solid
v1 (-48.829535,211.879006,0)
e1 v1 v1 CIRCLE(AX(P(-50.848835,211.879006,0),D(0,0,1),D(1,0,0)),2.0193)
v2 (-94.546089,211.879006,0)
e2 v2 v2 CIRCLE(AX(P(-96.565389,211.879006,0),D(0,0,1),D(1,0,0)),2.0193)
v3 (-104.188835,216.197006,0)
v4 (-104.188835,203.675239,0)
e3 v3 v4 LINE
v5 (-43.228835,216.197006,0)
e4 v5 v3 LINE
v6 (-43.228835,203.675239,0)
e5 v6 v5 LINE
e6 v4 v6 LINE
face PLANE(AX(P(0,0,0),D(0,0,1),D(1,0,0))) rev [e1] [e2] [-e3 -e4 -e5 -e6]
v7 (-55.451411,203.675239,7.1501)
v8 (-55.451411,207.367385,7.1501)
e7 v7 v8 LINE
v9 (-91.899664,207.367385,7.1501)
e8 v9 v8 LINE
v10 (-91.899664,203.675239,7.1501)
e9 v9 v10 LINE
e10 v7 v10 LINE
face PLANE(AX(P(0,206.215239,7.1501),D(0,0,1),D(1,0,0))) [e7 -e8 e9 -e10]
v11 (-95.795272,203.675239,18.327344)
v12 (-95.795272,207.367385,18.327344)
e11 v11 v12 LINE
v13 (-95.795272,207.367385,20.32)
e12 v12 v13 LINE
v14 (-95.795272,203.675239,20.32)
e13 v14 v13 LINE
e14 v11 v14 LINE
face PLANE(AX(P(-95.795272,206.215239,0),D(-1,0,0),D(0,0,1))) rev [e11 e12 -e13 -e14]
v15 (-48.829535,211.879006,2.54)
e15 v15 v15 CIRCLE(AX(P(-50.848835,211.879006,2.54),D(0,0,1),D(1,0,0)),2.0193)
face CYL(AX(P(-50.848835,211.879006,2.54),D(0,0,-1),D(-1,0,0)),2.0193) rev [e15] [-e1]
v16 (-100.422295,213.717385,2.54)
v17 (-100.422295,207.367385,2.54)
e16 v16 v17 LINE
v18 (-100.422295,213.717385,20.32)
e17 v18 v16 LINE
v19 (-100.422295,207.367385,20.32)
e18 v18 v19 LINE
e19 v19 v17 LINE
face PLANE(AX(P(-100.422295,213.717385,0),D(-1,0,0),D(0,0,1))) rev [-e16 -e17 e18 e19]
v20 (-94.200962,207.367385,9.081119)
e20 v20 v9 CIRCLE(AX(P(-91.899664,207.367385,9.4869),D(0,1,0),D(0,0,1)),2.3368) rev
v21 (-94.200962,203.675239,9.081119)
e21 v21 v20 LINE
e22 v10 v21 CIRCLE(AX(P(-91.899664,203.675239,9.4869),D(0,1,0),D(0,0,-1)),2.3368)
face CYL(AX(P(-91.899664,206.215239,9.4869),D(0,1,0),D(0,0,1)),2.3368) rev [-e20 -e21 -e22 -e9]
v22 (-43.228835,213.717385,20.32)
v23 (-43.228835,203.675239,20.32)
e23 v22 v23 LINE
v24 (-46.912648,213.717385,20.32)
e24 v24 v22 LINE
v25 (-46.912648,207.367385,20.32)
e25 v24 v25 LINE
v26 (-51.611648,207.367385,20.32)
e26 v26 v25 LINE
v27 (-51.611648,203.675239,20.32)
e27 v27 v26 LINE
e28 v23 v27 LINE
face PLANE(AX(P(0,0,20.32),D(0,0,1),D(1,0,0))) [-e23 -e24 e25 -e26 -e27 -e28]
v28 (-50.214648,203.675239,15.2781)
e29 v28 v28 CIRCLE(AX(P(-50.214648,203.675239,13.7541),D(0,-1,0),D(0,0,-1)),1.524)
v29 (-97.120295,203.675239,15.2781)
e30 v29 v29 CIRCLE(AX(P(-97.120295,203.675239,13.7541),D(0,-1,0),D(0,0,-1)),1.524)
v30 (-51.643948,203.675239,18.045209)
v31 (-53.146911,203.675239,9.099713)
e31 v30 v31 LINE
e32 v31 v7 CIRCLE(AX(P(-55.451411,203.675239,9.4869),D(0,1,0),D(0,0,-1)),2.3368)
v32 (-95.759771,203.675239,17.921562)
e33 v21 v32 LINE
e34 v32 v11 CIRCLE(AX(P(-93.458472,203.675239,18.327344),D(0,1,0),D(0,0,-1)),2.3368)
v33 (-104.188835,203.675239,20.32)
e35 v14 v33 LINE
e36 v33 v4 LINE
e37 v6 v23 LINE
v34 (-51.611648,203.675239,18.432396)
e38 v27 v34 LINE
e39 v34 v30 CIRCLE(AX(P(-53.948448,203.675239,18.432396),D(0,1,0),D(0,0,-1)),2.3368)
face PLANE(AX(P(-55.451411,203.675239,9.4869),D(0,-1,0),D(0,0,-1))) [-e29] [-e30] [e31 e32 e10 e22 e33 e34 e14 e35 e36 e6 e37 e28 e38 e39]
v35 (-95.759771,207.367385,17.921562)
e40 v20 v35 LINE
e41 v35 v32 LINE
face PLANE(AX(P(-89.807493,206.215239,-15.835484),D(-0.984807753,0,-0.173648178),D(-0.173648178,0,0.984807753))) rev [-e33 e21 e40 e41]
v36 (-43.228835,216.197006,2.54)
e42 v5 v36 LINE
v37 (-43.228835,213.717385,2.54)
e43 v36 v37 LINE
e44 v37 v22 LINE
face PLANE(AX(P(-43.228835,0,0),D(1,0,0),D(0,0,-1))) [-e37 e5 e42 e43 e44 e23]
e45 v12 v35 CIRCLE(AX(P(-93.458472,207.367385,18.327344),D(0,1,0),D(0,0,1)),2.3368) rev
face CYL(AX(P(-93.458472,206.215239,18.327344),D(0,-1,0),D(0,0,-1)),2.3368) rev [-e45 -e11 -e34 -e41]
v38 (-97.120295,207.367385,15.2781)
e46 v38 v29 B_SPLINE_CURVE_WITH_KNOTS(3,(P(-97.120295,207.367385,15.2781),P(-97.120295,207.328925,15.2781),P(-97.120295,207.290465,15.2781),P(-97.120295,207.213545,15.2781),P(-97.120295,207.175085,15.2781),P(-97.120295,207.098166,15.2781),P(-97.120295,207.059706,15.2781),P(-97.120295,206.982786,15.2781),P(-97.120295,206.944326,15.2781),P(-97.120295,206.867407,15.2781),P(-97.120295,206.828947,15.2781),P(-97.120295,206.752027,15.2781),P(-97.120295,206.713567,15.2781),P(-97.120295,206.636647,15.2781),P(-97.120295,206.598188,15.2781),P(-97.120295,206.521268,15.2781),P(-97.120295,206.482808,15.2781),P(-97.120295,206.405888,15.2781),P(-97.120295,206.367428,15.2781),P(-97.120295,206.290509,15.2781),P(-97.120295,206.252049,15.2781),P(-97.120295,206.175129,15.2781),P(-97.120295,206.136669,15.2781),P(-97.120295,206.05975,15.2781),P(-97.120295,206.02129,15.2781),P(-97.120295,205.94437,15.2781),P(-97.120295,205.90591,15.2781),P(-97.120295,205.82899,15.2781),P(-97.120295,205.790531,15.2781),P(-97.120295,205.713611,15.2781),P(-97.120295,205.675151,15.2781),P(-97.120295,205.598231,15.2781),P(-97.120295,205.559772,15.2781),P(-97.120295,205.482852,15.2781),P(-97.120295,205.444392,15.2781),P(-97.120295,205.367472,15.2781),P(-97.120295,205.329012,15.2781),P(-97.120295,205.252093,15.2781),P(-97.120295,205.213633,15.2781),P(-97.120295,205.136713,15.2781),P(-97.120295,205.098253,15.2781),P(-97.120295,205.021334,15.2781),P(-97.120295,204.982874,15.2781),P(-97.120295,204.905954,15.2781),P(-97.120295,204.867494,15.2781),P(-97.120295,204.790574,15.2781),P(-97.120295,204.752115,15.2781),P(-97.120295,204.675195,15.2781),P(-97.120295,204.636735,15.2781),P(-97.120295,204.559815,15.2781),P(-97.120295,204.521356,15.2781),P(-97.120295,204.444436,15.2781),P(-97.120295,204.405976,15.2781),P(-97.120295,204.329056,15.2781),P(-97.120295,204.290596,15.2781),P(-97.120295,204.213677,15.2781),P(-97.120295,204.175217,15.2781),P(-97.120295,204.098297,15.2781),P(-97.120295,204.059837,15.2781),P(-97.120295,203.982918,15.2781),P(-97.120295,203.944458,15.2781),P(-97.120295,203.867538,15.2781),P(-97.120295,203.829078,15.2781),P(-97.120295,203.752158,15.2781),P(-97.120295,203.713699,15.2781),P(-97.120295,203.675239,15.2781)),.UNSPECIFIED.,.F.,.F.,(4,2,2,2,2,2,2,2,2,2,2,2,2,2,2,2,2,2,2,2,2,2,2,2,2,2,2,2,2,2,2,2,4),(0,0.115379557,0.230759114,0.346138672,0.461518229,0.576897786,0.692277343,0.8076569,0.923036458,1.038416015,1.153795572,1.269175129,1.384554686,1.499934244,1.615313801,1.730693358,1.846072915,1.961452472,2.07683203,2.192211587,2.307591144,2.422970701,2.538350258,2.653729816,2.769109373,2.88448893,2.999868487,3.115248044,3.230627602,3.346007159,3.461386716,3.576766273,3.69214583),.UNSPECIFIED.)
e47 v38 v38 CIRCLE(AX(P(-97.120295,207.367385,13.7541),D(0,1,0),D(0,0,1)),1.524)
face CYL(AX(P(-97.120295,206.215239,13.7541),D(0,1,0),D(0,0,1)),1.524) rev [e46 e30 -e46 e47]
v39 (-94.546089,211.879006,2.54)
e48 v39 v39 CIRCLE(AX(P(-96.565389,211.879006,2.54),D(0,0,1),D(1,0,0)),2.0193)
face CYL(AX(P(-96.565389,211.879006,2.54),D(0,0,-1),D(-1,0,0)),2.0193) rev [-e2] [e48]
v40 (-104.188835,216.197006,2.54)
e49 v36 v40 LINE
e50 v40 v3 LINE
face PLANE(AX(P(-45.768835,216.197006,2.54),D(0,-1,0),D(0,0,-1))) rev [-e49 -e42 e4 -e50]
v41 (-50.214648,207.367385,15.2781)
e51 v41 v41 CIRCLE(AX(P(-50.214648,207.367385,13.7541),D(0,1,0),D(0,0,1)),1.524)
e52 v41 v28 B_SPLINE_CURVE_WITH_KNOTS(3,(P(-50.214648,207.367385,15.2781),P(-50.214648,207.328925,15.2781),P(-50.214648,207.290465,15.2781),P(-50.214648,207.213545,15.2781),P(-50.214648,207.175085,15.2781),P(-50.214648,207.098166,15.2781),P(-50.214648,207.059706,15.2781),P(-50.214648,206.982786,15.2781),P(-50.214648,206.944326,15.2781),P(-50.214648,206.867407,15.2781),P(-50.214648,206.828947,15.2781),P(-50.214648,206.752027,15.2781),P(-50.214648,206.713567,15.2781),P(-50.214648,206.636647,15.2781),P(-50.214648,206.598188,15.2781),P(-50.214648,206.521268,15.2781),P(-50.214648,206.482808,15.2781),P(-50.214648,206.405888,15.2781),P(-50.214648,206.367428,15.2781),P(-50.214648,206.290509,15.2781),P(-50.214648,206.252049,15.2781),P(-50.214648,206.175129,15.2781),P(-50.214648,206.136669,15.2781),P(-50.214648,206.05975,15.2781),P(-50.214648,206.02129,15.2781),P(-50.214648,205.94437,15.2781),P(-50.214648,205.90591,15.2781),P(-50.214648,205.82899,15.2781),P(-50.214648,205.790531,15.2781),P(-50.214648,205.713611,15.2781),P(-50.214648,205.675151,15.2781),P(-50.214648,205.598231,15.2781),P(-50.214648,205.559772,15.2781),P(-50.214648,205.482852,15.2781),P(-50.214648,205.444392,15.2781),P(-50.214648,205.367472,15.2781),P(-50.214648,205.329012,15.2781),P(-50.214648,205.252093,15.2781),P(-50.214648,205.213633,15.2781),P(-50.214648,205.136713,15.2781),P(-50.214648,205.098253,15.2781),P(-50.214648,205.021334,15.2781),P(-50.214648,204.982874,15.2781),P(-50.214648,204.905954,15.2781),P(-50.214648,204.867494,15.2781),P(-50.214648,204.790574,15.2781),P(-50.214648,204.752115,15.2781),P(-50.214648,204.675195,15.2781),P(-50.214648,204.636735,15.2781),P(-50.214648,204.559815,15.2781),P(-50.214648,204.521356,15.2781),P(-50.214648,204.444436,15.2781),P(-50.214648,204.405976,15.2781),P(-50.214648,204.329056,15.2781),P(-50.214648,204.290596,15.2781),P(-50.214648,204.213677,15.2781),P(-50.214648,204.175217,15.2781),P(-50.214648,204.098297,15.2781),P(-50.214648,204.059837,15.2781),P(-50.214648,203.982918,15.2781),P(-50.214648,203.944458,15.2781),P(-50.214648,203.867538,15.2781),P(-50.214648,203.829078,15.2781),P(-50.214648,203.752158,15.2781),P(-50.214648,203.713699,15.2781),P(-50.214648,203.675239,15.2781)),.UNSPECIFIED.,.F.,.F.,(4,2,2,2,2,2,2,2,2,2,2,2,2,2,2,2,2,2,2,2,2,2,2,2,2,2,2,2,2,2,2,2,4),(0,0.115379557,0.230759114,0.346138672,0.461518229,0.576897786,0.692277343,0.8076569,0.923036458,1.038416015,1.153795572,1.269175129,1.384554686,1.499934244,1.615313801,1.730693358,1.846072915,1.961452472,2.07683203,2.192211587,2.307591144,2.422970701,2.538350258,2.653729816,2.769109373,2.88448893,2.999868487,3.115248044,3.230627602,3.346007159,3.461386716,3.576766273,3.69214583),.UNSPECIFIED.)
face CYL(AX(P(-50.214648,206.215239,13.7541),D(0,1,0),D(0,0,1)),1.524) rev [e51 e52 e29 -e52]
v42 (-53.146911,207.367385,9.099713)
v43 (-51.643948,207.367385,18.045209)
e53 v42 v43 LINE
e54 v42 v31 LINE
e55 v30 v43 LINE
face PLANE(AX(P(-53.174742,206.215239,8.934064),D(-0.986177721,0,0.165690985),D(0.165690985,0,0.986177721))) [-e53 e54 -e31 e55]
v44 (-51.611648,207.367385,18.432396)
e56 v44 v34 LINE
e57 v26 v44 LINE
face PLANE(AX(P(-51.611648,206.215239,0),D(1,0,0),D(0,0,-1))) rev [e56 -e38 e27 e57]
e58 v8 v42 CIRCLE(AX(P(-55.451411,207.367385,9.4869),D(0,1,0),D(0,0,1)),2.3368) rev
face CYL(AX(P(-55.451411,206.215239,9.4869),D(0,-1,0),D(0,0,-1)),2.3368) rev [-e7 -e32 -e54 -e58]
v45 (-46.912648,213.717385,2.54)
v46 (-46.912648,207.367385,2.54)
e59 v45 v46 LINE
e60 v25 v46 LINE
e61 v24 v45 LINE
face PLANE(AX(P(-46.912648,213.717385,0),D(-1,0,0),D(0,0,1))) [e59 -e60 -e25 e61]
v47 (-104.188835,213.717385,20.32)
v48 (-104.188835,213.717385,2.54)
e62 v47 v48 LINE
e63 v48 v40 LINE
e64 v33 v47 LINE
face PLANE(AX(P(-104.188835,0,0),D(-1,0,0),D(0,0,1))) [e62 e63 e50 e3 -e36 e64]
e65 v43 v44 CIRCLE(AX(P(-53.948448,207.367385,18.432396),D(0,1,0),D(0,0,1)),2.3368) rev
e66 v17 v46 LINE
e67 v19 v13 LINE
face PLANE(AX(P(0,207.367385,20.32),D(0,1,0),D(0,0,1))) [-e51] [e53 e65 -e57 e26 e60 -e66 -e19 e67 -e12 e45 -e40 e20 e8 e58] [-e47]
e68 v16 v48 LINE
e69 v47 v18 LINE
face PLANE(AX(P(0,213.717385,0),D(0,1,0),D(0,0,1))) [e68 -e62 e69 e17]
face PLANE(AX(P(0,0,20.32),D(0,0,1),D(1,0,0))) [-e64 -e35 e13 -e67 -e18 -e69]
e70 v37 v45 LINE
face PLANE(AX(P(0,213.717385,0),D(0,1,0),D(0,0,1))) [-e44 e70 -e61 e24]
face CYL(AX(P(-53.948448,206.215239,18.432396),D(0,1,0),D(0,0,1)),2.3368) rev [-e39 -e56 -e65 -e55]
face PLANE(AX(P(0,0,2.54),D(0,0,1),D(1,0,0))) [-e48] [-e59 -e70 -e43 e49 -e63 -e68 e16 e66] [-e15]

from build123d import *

# Parameters (mm, degrees)
SKETCH1_W           = 55.88
SKETCH1_H           = 9.981767046
SKETCH1_R           = 2.0193
BOSS_EXTRUDE1_DEPTH = 2.54
SKETCH2_W           = 55.88
SKETCH2_H           = 1.152145831
BOSS_EXTRUDE2_DEPTH = 17.78
SKETCH3_W           = 1.2265406
SKETCH3_H           = 17.78
SKETCH3_W_2         = 1.1438128
BOSS_EXTRUDE4_DEPTH = 6.35
SKETCH4_R           = 1.524
CUT_EXTRUDE1_DEPTH  = 105.035332272
CUT_EXTRUDE3_DEPTH  = 105.035332272
BOSS_EXTRUDE5_DEPTH = 2.54
BOSS_EXTRUDE6_DEPTH = 2.54
FILLET1_R           = 2.3368
FILLET2_R           = 2.3368
FILLET3_R           = 2.3368
FILLET4_R           = 2.3368
BOSS_EXTRUDE7_START = 2.54
SKETCH8_R           = 1.524
BOSS_EXTRUDE7_DEPTH = 2.54


with BuildPart() as part:
    # Sketch1 → Boss-Extrude1 (new body)
    with BuildSketch(Plane.XY):
        with Locations((-73.708835459, 211.206122276)):
            Rectangle(SKETCH1_W, SKETCH1_H)
        with Locations((-96.565388679, 211.879005799)):
            Circle(SKETCH1_R, mode=Mode.SUBTRACT)
        with Locations((-50.848835459, 211.879005799)):
            Circle(SKETCH1_R, mode=Mode.SUBTRACT)
    extrude(amount=BOSS_EXTRUDE1_DEPTH)

    # Sketch2 → Boss-Extrude2 (add)
    with BuildSketch(Plane.XY.offset(2.54)):
        with Locations((-73.708835459, 206.791311669)):
            Rectangle(SKETCH2_W, SKETCH2_H)
    extrude(amount=BOSS_EXTRUDE2_DEPTH)

    # Sketch3 → Boss-Extrude4 (add)
    with BuildSketch(Plane(origin=(0, 207.367384584, 0), x_dir=(1, 0, 0), z_dir=(0, 1, 0))):
        with Locations((-101.035565159, -11.43)):
            Rectangle(SKETCH3_W, SKETCH3_H)
        with Locations((-46.340741859, -11.43)):
            Rectangle(SKETCH3_W_2, SKETCH3_H)
    extrude(amount=BOSS_EXTRUDE4_DEPTH)

    # Sketch4 → Cut-Extrude1 (cut, through all)
    with BuildSketch(Plane(origin=(0, 207.367384584, 0), x_dir=(1, 0, 0), z_dir=(0, 1, 0))):
        with Locations(Location((-97.120294859, -13.7541, 0), (0, 0, 270))):
            Circle(SKETCH4_R)
        with Locations(Location((-50.214648259, -13.7541, 0), (0, 0, 270))):
            Circle(SKETCH4_R)
    extrude(amount=-CUT_EXTRUDE1_DEPTH, mode=Mode.SUBTRACT)

    # Sketch5 → Cut-Extrude3 (cut, through all)
    with BuildSketch(Plane(origin=(0, 207.367384584, 0), x_dir=(1, 0, 0), z_dir=(0, 1, 0))):
        Polygon((-53.474471559, -7.1501), (-93.860471559, -7.1501), (-95.795272253, -18.1229), (-95.795272253, -20.32), (-92.955896087, -20.32), (-62.921890572, -20.32), (-51.611648259, -20.32), (-51.611648259, -18.237455367), align=None)
    extrude(amount=-CUT_EXTRUDE3_DEPTH, mode=Mode.SUBTRACT)

    # Sketch6 → Boss-Extrude5 (add)
    with BuildSketch(Plane.ZY.offset(101.648835459)):
        Polygon((2.54, 216.197005799), (0, 216.197005799), (0, 206.215238753), (20.32, 206.215238753), (20.32, 213.717384584), (2.54, 213.717384584), align=None)
    extrude(amount=BOSS_EXTRUDE5_DEPTH)

    # Sketch7 → Boss-Extrude6 (add)
    with BuildSketch(Plane(origin=(-45.768835459, 0, 0), x_dir=(0, 0, -1), z_dir=(1, 0, 0))):
        Polygon((0, 216.197005799), (-2.54, 216.197005799), (-2.54, 213.717384584), (-20.32, 213.717384584), (-20.32, 206.215238753), (0, 206.215238753), align=None)
    extrude(amount=BOSS_EXTRUDE6_DEPTH)

    # Fillet1
    fillet1_edges = [part.edges().sort_by_distance(p)[0] for p in [
        (-93.860471559, 206.791311669, 7.1501),
    ]]
    fillet(fillet1_edges, radius=FILLET1_R)

    # Fillet2
    fillet2_edges = [part.edges().sort_by_distance(p)[0] for p in [
        (-53.474471559, 206.791311669, 7.1501),
    ]]
    fillet(fillet2_edges, radius=FILLET2_R)

    # Fillet3
    fillet3_edges = [part.edges().sort_by_distance(p)[0] for p in [
        (-95.795272253, 206.791311669, 18.1229),
    ]]
    fillet(fillet3_edges, radius=FILLET3_R)

    # Fillet4
    fillet4_edges = [part.edges().sort_by_distance(p)[0] for p in [
        (-51.611648259, 206.791311669, 18.237455367),
    ]]
    fillet(fillet4_edges, radius=FILLET4_R)

    # Sketch8 → Boss-Extrude7 (add)
    with BuildSketch(Plane.XZ.offset(-206.215238753).offset(BOSS_EXTRUDE7_START)):
        with BuildLine():
            Line((-55.451410668, 7.1501), (-91.899663541, 7.1501))
            ThreePointArc((-91.899663541, 7.1501), (-93.401729627, 7.696807345), (-94.200962298, 9.081118938))
            Line((-94.200962298, 9.081118938), (-95.75977101, 17.921562447))
            ThreePointArc((-95.75977101, 17.921562447), (-95.786380023, 18.123677969), (-95.795272253, 18.327343509))
            Line((-95.795272253, 18.327343509), (-95.795272253, 20.32))
            Line((-95.795272253, 20.32), (-104.188835459, 20.32))
            Line((-104.188835459, 20.32), (-104.188835459, 0))
            Line((-104.188835459, 0), (-43.228835459, 0))
            Line((-43.228835459, 0), (-43.228835459, 20.32))
            Line((-43.228835459, 20.32), (-51.611648259, 20.32))
            Line((-51.611648259, 20.32), (-51.611648259, 18.432395976))
            ThreePointArc((-51.611648259, 18.432395976), (-51.619737234, 18.238130166), (-51.64394816, 18.045209281))
            Line((-51.64394816, 18.045209281), (-53.14691057, 9.099713305))
            ThreePointArc((-53.14691057, 9.099713305), (-53.942129983, 7.702885971), (-55.451410668, 7.1501))
        make_face()
        with Locations(Location((-50.214648259, 13.7541, 0), (0, 0, 90))):
            Circle(SKETCH8_R, mode=Mode.SUBTRACT)
        with Locations(Location((-97.120294859, 13.7541, 0), (0, 0, 90))):
            Circle(SKETCH8_R, mode=Mode.SUBTRACT)
    extrude(amount=-BOSS_EXTRUDE7_DEPTH)


solid = part.part
